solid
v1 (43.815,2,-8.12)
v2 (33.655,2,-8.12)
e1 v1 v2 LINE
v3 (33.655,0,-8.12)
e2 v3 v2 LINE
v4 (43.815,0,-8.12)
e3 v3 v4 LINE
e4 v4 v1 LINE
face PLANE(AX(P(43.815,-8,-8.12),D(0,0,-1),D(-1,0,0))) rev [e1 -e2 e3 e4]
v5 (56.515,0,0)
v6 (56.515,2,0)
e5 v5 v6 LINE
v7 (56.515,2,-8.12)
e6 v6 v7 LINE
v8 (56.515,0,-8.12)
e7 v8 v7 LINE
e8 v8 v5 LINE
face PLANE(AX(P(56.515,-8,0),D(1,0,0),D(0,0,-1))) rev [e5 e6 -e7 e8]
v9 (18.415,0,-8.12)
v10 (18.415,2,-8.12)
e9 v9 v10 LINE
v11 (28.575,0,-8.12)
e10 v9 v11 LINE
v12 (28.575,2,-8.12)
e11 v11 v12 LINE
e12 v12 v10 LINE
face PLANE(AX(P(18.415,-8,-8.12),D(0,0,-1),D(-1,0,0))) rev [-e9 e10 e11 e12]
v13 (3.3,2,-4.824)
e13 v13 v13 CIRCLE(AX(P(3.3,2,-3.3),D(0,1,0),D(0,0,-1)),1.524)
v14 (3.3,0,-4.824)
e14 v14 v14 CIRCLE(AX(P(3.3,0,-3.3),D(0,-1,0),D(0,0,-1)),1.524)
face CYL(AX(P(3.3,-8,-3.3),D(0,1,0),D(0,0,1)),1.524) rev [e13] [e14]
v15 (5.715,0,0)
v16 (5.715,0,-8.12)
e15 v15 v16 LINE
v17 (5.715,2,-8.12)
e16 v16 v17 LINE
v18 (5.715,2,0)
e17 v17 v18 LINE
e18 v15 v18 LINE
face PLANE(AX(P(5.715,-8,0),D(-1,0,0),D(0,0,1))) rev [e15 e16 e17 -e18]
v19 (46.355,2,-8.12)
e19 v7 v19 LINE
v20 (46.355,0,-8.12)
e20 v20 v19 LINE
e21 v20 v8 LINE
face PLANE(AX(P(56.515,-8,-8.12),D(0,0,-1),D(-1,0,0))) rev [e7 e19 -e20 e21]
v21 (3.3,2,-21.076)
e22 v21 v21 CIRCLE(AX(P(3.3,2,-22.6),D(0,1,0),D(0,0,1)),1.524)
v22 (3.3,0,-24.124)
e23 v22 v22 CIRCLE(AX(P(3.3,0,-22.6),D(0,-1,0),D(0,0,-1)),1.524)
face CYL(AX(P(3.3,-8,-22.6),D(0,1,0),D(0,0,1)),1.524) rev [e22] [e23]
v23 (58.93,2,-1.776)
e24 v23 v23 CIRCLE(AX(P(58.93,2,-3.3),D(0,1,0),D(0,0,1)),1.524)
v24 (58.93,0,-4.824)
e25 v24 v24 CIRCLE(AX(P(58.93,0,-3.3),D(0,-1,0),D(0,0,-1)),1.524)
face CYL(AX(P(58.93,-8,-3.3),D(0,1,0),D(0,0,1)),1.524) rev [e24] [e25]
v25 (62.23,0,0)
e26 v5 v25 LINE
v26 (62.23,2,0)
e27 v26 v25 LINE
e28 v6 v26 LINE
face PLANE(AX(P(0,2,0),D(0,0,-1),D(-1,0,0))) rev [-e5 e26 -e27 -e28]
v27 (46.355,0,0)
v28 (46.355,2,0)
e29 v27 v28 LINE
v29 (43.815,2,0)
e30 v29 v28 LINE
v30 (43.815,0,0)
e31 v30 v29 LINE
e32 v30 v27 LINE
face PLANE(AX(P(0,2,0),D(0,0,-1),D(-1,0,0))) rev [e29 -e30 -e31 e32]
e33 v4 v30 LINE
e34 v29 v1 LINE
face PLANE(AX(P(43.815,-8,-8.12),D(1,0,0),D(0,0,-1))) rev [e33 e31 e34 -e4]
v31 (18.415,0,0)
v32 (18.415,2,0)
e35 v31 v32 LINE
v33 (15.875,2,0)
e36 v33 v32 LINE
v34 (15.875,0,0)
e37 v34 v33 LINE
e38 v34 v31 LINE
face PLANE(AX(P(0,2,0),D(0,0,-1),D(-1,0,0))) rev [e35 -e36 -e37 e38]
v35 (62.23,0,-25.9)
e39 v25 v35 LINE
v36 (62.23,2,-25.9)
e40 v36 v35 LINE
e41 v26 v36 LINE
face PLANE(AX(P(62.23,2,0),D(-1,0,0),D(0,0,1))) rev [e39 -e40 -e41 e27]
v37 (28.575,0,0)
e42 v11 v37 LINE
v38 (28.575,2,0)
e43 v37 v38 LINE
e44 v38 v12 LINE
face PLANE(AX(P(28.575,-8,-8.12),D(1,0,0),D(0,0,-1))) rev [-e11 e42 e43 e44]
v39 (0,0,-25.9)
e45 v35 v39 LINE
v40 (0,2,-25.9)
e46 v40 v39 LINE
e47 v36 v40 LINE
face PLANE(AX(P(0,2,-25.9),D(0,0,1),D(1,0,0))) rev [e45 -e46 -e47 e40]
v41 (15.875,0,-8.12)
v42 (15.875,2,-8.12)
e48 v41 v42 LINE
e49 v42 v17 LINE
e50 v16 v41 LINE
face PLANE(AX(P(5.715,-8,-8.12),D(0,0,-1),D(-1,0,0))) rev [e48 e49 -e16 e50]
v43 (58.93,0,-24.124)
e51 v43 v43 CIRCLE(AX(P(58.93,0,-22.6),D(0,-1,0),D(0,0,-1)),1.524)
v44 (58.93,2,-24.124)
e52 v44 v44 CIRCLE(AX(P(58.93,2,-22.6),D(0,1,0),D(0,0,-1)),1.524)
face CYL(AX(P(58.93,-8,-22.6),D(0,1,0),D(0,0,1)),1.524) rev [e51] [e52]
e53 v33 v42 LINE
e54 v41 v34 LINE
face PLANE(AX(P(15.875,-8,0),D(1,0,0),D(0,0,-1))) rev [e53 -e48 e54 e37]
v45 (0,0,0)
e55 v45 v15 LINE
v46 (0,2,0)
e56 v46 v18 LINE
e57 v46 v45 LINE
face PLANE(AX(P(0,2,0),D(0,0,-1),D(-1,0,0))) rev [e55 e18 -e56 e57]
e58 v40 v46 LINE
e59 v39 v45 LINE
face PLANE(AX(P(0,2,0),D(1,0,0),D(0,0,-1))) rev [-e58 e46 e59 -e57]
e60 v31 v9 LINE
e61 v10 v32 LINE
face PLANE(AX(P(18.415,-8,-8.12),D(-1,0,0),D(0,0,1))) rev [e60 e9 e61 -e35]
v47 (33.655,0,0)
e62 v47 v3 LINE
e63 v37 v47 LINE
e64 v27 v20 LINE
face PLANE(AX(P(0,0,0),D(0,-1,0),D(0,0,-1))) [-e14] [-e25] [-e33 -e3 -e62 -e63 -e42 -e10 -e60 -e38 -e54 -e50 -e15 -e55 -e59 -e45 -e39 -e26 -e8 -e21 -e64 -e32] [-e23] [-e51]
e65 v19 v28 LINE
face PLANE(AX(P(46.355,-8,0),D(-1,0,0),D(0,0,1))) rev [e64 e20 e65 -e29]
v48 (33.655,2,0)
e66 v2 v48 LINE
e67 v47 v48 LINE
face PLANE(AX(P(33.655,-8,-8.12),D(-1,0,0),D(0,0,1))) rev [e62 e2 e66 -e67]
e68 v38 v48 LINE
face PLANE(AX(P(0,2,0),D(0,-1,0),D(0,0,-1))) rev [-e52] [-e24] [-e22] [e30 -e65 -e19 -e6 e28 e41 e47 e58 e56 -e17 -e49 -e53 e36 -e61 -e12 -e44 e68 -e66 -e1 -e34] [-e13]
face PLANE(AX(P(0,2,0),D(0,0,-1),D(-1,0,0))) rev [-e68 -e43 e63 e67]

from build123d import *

# Parameters (mm, degrees)
SKETCH1_W           = 62.23
SKETCH1_H           = 25.9
BOSS_EXTRUDE1_DEPTH = 2
SKETCH2_R           = 1.524
SKETCH2_W           = 10.16
SKETCH2_H           = 8.12
CUT_EXTRUDE1_DEPTH  = 10


with BuildPart() as part:
    # Sketch1 → Boss-Extrude1 (new body)
    with BuildSketch(Plane(origin=(0, 0, 0), x_dir=(1, 0, 0), z_dir=(0, 1, 0))):
        with Locations((31.115, 12.95)):
            Rectangle(SKETCH1_W, SKETCH1_H)
    extrude(amount=BOSS_EXTRUDE1_DEPTH)

    # Sketch2 → Cut-Extrude1 (cut)
    with BuildSketch(Plane(origin=(0, 2, 0), x_dir=(1, 0, 0), z_dir=(0, 1, 0))):
        with Locations(Location((3.3, 22.6, 0), (0, 0, 270))):
            Circle(SKETCH2_R)
        with Locations(Location((3.3, 3.3, 0), (0, 0, 90))):
            Circle(SKETCH2_R)
        with Locations(Location((58.93, 3.3, 0), (0, 0, 270))):
            Circle(SKETCH2_R)
        with Locations(Location((58.93, 22.6, 0), (0, 0, 90))):
            Circle(SKETCH2_R)
        with Locations((38.735, 4.06)):
            Rectangle(SKETCH2_W, SKETCH2_H)
        with Locations((10.795, 4.06)):
            Rectangle(SKETCH2_W, SKETCH2_H)
        with Locations((51.435, 4.06)):
            Rectangle(SKETCH2_W, SKETCH2_H)
        with Locations((23.495, 4.06)):
            Rectangle(SKETCH2_W, SKETCH2_H)
    extrude(amount=-CUT_EXTRUDE1_DEPTH, mode=Mode.SUBTRACT)


solid = part.part
